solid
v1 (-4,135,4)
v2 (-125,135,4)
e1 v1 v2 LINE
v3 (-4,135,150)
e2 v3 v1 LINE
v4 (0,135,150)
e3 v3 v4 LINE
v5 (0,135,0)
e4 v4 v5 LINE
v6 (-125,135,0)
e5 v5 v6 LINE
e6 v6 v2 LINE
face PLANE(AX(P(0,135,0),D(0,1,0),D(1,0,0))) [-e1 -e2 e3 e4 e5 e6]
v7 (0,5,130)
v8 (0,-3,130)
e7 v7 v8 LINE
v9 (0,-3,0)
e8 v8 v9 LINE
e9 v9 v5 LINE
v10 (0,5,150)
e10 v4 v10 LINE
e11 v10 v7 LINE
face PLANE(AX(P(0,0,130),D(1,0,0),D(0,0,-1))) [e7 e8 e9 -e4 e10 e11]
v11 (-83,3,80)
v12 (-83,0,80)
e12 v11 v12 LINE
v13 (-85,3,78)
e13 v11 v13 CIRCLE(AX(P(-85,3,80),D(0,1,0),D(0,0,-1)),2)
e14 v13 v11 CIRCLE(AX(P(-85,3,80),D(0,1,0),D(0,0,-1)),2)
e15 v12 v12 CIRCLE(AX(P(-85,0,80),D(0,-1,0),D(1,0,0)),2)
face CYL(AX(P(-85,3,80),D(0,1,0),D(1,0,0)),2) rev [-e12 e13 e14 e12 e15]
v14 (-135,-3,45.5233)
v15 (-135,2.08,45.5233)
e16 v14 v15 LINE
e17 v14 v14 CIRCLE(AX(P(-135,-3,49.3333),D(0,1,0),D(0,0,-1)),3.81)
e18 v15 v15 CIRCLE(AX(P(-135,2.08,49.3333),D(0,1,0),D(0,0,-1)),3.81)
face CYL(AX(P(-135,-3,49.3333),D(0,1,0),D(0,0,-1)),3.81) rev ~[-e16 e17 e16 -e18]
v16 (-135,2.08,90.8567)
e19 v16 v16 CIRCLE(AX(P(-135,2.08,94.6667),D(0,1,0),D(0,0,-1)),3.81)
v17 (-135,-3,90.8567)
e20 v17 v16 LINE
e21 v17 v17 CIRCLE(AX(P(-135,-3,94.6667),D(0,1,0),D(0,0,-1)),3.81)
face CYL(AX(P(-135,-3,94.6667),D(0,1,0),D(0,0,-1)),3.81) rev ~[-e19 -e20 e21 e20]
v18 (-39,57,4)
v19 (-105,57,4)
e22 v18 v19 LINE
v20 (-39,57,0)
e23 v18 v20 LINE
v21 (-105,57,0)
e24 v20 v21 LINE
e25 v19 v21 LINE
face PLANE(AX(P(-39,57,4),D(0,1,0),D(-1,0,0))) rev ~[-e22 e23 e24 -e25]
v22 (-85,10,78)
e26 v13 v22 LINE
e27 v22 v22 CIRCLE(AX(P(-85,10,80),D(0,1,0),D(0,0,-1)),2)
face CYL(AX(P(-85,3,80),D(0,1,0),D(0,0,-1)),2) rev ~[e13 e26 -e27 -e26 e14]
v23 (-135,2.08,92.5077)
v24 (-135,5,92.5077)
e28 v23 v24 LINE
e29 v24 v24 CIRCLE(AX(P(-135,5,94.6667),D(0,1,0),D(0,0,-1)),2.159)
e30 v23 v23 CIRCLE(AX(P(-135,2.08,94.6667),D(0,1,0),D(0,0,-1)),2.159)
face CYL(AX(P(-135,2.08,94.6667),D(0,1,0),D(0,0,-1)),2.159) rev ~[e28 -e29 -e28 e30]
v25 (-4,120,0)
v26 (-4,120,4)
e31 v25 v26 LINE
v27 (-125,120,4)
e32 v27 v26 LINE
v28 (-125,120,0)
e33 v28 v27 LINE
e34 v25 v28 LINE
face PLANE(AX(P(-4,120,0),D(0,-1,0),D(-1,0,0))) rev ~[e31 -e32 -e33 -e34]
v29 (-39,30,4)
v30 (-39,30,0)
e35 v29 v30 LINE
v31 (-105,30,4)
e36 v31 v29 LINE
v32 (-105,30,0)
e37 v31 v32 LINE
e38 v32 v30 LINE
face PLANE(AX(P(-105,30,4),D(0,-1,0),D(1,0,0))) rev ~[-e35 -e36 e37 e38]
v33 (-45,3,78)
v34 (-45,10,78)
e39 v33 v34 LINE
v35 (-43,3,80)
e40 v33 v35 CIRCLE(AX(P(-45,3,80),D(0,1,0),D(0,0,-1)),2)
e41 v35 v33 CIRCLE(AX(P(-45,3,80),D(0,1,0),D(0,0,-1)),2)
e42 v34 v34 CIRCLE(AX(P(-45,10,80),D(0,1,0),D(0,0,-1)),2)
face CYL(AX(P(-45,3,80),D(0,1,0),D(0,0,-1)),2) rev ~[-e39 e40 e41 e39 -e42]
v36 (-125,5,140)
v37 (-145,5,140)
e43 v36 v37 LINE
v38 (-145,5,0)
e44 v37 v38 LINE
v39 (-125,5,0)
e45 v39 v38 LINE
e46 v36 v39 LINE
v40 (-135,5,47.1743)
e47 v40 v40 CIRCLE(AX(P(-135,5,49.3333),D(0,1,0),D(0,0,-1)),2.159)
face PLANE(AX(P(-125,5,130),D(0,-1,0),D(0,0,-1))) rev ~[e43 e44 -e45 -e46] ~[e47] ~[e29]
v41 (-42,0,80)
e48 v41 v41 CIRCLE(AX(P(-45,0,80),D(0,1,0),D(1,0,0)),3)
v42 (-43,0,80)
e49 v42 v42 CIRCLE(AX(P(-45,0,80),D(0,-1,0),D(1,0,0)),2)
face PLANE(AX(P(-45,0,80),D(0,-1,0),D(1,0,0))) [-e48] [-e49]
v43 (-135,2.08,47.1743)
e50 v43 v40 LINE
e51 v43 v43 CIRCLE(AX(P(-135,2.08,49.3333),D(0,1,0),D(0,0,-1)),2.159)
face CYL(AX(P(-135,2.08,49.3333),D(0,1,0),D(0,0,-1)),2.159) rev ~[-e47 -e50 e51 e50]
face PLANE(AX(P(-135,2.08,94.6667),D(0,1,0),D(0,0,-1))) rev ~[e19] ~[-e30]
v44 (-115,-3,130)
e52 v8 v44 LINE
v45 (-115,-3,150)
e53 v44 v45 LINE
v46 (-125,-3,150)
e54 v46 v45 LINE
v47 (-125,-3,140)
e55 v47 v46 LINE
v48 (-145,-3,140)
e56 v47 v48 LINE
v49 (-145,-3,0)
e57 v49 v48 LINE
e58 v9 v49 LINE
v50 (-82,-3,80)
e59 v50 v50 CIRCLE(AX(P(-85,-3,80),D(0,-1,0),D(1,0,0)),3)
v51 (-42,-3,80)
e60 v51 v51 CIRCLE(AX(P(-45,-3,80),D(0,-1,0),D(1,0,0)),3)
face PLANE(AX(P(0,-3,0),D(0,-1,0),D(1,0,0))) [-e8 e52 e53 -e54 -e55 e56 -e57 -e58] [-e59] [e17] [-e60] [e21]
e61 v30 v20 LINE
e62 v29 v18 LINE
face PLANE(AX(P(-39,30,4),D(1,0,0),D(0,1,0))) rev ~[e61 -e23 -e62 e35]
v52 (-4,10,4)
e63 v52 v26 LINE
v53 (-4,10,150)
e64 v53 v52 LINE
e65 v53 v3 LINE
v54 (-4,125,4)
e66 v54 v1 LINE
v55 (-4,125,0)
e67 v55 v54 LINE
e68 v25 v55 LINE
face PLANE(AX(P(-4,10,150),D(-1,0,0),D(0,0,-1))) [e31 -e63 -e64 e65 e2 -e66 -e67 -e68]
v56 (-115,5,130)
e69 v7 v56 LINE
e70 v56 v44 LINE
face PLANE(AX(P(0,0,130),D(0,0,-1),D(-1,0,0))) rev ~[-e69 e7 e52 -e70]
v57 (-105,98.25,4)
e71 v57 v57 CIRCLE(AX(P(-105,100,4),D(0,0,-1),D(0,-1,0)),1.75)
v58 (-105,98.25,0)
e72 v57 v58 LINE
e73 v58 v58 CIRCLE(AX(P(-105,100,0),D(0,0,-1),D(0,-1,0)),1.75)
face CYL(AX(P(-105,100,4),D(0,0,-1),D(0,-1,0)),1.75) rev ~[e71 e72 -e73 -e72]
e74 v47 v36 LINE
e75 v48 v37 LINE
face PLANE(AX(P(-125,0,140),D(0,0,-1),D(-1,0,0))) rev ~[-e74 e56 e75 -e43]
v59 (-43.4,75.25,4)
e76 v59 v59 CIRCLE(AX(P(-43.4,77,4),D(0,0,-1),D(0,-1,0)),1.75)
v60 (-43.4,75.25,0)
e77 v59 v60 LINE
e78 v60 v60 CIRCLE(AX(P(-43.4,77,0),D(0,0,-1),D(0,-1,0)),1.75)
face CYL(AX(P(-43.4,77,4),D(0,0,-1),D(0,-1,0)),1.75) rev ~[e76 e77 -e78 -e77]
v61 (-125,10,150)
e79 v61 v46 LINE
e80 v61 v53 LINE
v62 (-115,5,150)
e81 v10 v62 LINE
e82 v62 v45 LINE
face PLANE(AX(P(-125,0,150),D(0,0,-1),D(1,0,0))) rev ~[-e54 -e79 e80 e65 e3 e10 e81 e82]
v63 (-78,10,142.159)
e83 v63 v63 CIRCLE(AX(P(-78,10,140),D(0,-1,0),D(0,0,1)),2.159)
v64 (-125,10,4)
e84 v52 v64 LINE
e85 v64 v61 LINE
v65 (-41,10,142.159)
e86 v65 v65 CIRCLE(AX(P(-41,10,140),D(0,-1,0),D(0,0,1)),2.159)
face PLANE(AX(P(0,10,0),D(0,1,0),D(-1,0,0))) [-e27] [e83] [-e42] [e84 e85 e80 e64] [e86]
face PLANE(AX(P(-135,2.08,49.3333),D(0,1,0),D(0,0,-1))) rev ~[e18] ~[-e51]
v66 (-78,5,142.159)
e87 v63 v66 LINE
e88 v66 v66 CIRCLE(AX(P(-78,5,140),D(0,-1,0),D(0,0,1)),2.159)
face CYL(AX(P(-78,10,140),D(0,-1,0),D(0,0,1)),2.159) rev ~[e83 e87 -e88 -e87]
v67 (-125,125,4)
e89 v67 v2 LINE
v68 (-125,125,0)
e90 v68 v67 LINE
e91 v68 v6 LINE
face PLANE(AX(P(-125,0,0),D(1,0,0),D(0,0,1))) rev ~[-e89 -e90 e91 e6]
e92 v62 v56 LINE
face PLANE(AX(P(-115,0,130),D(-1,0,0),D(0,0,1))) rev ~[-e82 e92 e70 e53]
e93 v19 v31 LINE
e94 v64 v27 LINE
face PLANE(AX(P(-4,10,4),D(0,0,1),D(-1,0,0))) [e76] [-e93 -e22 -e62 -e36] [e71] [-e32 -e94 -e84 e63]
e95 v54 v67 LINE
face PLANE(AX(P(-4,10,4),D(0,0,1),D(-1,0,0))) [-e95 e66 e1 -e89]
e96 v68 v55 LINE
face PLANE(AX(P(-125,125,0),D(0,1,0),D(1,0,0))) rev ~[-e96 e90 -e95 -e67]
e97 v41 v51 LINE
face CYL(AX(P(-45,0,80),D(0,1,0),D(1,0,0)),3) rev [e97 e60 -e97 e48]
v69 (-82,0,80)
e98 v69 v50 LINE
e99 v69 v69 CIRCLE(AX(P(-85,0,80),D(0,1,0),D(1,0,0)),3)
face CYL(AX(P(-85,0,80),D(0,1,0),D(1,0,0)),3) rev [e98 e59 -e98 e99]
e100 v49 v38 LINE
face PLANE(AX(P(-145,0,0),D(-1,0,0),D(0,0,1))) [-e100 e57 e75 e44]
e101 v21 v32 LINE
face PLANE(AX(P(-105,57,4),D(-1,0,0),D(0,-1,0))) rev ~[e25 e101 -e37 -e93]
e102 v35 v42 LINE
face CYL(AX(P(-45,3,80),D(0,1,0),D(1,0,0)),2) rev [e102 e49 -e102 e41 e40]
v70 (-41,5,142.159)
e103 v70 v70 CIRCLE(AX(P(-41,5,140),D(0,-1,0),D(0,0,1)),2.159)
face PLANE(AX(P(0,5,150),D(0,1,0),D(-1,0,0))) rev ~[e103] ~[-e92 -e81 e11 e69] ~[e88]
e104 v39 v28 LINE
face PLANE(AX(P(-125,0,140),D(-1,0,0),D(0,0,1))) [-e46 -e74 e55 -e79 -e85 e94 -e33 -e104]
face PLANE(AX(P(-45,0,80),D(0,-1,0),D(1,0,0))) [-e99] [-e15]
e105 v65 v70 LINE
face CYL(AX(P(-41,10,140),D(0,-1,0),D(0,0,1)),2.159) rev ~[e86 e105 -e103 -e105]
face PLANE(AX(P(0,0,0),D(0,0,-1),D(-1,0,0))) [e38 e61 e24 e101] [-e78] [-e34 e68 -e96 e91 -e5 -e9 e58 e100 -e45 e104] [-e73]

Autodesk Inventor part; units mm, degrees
ref_plane "YZ Plane" through (0, 0, 0) normal (1, 0, 0) x (0, 1, 0)
ref_plane "XZ Plane" through (0, 0, 0) normal (0, 1, 0) x (-1, 0, 0)
ref_plane "XY Plane" through (0, 0, 0) normal (0, 0, 1) x (1, 0, 0)
sketch "Sketch1" plane through (0, 0, 0) normal (0, 1, 0) x (-1, 0, 0)
  line L0 (0, 0) -> (125, 0)
  line L1 (125, 0) -> (125, 150)
  line L2 (125, 150) -> (0, 150)
  line L3 (0, 150) -> (0, 0)
  dimension "d0" = 125
  dimension "d1" = 150
extrude "Extrusion1" add sketch "Sketch1" along normal blind 10
sketch "Sketch2" plane through (0, 10, 0) normal (0, 1, 0) x (1, 0, 0)
  line L0 (-125, -150) -> (0, -150) projected
  line L1 (0, -150) -> (-4, -150)
  line L2 (-4, -150) -> (-4, -4)
  line L3 (-4, -4) -> (-125, -4)
  line L4 (-125, 0) -> (-125, -150) projected
  line L5 (0, -150) -> (0, 0) projected
  line L6 (0, 0) -> (-125, 0) projected
  line L7 (-125, 0) -> (-125, -150) projected
  line L8 (-125, -150) -> (0, -150) projected
  dimension "d4" = 4
  dimension "d5" = 146
extrude "Extrusion2" add sketch "Sketch2" along normal blind 125 contours L2 L3 L4 L6 L5 L0
sketch "Sketch4" plane through (-125, 10, 4) normal (0, 0, 1) x (1, 0, 0)
  line L0 (0, -10) -> (0, 0) projected
  line L1 (0, 0) -> (0, 20)
  line L2 (0, -10) -> (0, 125) projected
  line L3 (0, 20) -> (20, 20)
  line L4 (20, 20) -> (86, 20)
  line L5 (86, 20) -> (86, 47)
  line L6 (86, 47) -> (20, 47)
  line L7 (20, 47) -> (20, 20)
  line L8 (20, 47) -> (20, 67)
  line L9 (20, 67) -> (20, 90)
  line L10 (20, 90) -> (20, 67)
  line L11 (20, 67) -> (81.6, 67)
  point P0 (125, -10)
  point P1 (0, -5)
  dimension "d11" = 20
  dimension "d12" = 20
  dimension "d13" = 66
  dimension "d14" = 27
  dimension "d15" = 20
  dimension "d55" = 23
  dimension "d56" = 61.6
extrude "Extrusion4" cut sketch "Sketch4" against normal blind 10
sketch "Sketch7" plane through (-125, 0, 150) normal (0, 0, 1) x (1, 0, 0)
  line L0 (125, 0) -> (0, 0) projected
  line L1 (125, 0) -> (125, 5)
  line L2 (125, 0) -> (125, 135) projected
  line L3 (125, 5) -> (10, 5)
  line L4 (10, 5) -> (10, 0)
  line L5 (10, 0) -> (125, 0)
  dimension "d32" = 5
  dimension "d33" = 115
extrude "Extrusion6" cut sketch "Sketch7" against normal blind 20
sketch "Sketch9" plane through (0, 0, 0) normal (0, -1, 0) x (1, 0, 0)
  line L0 (0, 130) -> (-115, 130) projected
  line L1 (0, 130) -> (-65, 130)
  line L2 (-65, 130) -> (-65, 80)
  line L3 (-65, 80) -> (-45, 80)
  line L4 (-45, 80) -> (-85, 80)
  point P0 (0, 0)
  dimension "d40" = 65
  dimension "d41" = 50
  dimension "d42" = 20
  dimension "d43" = 40
hole "Hole2" at (-45, 0, 80) at (-85, 0, 80) direction (0, 1, 0) diameter 4 end through all counterbore diameter 6 counterbore depth 3
sketch "Sketch10" plane through (0, 135, 0) normal (0, 0, -1) x (-1, 0, 0)
  line L0 (0, 0) -> (125, 0) projected
  line L1 (125, 0) -> (125, -10)
  line L2 (125, -125) -> (125, 0) projected
  line L3 (125, -10) -> (4, -10)
  line L4 (4, -125) -> (4, 0) projected
  line L5 (4, -10) -> (4, -15)
  line L6 (4, -15) -> (125, -15)
  line L7 (125, -15) -> (125, -10)
  line L8 (125, -16.3986) -> (125, -10)
  line L9 (125, -10) -> (125, -15)
  point P0 (0, -135)
  dimension "d51" = 10
  dimension "d52" = 5
extrude "Extrusion8" cut sketch "Sketch10" against normal blind 10 contours L3 L2 L6 L4
hole "Hole3" at (-105, 100, 4) at (-43.4, 77, 4) direction (0, 0, -1) diameter 3.5 end through all
sketch "Sketch12" plane through (-125, 0, 0) normal (-1, 0, 0) x (0, 0, 1)
  line L0 (150, 0) -> (140, 0)
  line L1 (140, 0) -> (140, 5)
  line L2 (150, 5) -> (130, 5) projected
  line L3 (140, 5) -> (0, 5)
  line L4 (0, 0) -> (0, 120) projected
  line L5 (0, 0) -> (0, 5)
  line L6 (4, 120) -> (0, 120) projected
  line L7 (0, 0) -> (0, 120) projected
  line L8 (0, 0) -> (150, 0) projected
  line L9 (150, 0) -> (150, 10) projected
  line L10 (4, 10) -> (150, 10) projected
  line L11 (4, 10) -> (4, 120) projected
  dimension "d77" = 10
extrude "Extrusion9" add sketch "Sketch12" along normal blind 20 contours L8 L4 L3 L2 L1
sketch "Sketch11" plane through (0, 10, 0) normal (0, 1, 0) x (1, 0, 0)
  line L0 (-115, -150) -> (-115, -130) projected
  line L1 (-115, -150) -> (-78, -150)
  line L2 (-125, -150) -> (-4, -150) projected
  line L3 (-78, -150) -> (-78, -140)
  line L4 (-78, -140) -> (-41, -140)
  line L5 (-125, -140) -> (-125, -150) projected
  line L6 (-125, -140) -> (-125, -94.6667)
  line L7 (-125, -4) -> (-125, -150) projected
  line L8 (-125, -94.6667) -> (-135, -94.6667)
  line L9 (-135, -94.6667) -> (-135, -49.3333)
  point P0 (0, 0)
  dimension "d67" = 37
  dimension "d68" = 10
  dimension "d69" = 37
  dimension "d80" = 45.3333
  dimension "d81" = 45.3333
hole "Hole4" at (-78, 10, 140) at (-41, 10, 140) direction (0, -1, 0) diameter 4.318 end through all
hole "Hole5" at (-135, 10, 94.6667) at (-135, 10, 49.3333) direction (0, -1, 0) diameter 3.5 end through all
sketch "Sketch13" plane through (0, 0, 0) normal (0, -1, 0) x (1, 0, 0)
  circle A0 centre (-135, 94.6667) radius 1.75 projected
  circle A1 centre (-135, 49.3333) radius 1.75 projected
  circle A2 centre (-45, 80) radius 3 projected
  circle A3 centre (-85, 80) radius 3 projected
  line L0 (0, 130) -> (-115, 130) projected
  line L1 (-115, 130) -> (-115, 150) projected
  line L2 (-125, 150) -> (-115, 150) projected
  line L3 (-125, 140) -> (-125, 150) projected
  line L4 (-125, 140) -> (-145, 140) projected
  line L5 (-145, 0) -> (-145, 140) projected
  line L6 (0, 0) -> (-145, 0) projected
  line L7 (0, 130) -> (0, 0) projected
extrude "Extrusion10" add sketch "Sketch13" along normal blind 3
sketch "Sketch14" plane through (-45, 3, 80) normal (0, -1, 0) x (1, 0, 0)
  circle A0 centre (0, 0) radius 3 projected
  circle A1 centre (0, 0) radius 2 projected
  circle A2 centre (-40, 0) radius 3 projected
  circle A3 centre (-40, 0) radius 2 projected
  point P0 (45, -80)
extrude "Extrusion11" add sketch "Sketch14" along normal blind 3
sketch "Sketch15" plane through (0, -3, 0) normal (0, -1, 0) x (1, 0, 0)
  circle A0 centre (-135, 49.3333) radius 1.75 projected
  circle A1 centre (-135, 94.6667) radius 1.75 projected
  point P0 (0, 0)
hole "Hole6" at (-135, -3, 94.6667) at (-135, -3, 49.3333) direction (0, 1, 0) diameter 4.318 end through all counterbore diameter 7.62 counterbore depth 5.08
properties part number "Quarter 3"
